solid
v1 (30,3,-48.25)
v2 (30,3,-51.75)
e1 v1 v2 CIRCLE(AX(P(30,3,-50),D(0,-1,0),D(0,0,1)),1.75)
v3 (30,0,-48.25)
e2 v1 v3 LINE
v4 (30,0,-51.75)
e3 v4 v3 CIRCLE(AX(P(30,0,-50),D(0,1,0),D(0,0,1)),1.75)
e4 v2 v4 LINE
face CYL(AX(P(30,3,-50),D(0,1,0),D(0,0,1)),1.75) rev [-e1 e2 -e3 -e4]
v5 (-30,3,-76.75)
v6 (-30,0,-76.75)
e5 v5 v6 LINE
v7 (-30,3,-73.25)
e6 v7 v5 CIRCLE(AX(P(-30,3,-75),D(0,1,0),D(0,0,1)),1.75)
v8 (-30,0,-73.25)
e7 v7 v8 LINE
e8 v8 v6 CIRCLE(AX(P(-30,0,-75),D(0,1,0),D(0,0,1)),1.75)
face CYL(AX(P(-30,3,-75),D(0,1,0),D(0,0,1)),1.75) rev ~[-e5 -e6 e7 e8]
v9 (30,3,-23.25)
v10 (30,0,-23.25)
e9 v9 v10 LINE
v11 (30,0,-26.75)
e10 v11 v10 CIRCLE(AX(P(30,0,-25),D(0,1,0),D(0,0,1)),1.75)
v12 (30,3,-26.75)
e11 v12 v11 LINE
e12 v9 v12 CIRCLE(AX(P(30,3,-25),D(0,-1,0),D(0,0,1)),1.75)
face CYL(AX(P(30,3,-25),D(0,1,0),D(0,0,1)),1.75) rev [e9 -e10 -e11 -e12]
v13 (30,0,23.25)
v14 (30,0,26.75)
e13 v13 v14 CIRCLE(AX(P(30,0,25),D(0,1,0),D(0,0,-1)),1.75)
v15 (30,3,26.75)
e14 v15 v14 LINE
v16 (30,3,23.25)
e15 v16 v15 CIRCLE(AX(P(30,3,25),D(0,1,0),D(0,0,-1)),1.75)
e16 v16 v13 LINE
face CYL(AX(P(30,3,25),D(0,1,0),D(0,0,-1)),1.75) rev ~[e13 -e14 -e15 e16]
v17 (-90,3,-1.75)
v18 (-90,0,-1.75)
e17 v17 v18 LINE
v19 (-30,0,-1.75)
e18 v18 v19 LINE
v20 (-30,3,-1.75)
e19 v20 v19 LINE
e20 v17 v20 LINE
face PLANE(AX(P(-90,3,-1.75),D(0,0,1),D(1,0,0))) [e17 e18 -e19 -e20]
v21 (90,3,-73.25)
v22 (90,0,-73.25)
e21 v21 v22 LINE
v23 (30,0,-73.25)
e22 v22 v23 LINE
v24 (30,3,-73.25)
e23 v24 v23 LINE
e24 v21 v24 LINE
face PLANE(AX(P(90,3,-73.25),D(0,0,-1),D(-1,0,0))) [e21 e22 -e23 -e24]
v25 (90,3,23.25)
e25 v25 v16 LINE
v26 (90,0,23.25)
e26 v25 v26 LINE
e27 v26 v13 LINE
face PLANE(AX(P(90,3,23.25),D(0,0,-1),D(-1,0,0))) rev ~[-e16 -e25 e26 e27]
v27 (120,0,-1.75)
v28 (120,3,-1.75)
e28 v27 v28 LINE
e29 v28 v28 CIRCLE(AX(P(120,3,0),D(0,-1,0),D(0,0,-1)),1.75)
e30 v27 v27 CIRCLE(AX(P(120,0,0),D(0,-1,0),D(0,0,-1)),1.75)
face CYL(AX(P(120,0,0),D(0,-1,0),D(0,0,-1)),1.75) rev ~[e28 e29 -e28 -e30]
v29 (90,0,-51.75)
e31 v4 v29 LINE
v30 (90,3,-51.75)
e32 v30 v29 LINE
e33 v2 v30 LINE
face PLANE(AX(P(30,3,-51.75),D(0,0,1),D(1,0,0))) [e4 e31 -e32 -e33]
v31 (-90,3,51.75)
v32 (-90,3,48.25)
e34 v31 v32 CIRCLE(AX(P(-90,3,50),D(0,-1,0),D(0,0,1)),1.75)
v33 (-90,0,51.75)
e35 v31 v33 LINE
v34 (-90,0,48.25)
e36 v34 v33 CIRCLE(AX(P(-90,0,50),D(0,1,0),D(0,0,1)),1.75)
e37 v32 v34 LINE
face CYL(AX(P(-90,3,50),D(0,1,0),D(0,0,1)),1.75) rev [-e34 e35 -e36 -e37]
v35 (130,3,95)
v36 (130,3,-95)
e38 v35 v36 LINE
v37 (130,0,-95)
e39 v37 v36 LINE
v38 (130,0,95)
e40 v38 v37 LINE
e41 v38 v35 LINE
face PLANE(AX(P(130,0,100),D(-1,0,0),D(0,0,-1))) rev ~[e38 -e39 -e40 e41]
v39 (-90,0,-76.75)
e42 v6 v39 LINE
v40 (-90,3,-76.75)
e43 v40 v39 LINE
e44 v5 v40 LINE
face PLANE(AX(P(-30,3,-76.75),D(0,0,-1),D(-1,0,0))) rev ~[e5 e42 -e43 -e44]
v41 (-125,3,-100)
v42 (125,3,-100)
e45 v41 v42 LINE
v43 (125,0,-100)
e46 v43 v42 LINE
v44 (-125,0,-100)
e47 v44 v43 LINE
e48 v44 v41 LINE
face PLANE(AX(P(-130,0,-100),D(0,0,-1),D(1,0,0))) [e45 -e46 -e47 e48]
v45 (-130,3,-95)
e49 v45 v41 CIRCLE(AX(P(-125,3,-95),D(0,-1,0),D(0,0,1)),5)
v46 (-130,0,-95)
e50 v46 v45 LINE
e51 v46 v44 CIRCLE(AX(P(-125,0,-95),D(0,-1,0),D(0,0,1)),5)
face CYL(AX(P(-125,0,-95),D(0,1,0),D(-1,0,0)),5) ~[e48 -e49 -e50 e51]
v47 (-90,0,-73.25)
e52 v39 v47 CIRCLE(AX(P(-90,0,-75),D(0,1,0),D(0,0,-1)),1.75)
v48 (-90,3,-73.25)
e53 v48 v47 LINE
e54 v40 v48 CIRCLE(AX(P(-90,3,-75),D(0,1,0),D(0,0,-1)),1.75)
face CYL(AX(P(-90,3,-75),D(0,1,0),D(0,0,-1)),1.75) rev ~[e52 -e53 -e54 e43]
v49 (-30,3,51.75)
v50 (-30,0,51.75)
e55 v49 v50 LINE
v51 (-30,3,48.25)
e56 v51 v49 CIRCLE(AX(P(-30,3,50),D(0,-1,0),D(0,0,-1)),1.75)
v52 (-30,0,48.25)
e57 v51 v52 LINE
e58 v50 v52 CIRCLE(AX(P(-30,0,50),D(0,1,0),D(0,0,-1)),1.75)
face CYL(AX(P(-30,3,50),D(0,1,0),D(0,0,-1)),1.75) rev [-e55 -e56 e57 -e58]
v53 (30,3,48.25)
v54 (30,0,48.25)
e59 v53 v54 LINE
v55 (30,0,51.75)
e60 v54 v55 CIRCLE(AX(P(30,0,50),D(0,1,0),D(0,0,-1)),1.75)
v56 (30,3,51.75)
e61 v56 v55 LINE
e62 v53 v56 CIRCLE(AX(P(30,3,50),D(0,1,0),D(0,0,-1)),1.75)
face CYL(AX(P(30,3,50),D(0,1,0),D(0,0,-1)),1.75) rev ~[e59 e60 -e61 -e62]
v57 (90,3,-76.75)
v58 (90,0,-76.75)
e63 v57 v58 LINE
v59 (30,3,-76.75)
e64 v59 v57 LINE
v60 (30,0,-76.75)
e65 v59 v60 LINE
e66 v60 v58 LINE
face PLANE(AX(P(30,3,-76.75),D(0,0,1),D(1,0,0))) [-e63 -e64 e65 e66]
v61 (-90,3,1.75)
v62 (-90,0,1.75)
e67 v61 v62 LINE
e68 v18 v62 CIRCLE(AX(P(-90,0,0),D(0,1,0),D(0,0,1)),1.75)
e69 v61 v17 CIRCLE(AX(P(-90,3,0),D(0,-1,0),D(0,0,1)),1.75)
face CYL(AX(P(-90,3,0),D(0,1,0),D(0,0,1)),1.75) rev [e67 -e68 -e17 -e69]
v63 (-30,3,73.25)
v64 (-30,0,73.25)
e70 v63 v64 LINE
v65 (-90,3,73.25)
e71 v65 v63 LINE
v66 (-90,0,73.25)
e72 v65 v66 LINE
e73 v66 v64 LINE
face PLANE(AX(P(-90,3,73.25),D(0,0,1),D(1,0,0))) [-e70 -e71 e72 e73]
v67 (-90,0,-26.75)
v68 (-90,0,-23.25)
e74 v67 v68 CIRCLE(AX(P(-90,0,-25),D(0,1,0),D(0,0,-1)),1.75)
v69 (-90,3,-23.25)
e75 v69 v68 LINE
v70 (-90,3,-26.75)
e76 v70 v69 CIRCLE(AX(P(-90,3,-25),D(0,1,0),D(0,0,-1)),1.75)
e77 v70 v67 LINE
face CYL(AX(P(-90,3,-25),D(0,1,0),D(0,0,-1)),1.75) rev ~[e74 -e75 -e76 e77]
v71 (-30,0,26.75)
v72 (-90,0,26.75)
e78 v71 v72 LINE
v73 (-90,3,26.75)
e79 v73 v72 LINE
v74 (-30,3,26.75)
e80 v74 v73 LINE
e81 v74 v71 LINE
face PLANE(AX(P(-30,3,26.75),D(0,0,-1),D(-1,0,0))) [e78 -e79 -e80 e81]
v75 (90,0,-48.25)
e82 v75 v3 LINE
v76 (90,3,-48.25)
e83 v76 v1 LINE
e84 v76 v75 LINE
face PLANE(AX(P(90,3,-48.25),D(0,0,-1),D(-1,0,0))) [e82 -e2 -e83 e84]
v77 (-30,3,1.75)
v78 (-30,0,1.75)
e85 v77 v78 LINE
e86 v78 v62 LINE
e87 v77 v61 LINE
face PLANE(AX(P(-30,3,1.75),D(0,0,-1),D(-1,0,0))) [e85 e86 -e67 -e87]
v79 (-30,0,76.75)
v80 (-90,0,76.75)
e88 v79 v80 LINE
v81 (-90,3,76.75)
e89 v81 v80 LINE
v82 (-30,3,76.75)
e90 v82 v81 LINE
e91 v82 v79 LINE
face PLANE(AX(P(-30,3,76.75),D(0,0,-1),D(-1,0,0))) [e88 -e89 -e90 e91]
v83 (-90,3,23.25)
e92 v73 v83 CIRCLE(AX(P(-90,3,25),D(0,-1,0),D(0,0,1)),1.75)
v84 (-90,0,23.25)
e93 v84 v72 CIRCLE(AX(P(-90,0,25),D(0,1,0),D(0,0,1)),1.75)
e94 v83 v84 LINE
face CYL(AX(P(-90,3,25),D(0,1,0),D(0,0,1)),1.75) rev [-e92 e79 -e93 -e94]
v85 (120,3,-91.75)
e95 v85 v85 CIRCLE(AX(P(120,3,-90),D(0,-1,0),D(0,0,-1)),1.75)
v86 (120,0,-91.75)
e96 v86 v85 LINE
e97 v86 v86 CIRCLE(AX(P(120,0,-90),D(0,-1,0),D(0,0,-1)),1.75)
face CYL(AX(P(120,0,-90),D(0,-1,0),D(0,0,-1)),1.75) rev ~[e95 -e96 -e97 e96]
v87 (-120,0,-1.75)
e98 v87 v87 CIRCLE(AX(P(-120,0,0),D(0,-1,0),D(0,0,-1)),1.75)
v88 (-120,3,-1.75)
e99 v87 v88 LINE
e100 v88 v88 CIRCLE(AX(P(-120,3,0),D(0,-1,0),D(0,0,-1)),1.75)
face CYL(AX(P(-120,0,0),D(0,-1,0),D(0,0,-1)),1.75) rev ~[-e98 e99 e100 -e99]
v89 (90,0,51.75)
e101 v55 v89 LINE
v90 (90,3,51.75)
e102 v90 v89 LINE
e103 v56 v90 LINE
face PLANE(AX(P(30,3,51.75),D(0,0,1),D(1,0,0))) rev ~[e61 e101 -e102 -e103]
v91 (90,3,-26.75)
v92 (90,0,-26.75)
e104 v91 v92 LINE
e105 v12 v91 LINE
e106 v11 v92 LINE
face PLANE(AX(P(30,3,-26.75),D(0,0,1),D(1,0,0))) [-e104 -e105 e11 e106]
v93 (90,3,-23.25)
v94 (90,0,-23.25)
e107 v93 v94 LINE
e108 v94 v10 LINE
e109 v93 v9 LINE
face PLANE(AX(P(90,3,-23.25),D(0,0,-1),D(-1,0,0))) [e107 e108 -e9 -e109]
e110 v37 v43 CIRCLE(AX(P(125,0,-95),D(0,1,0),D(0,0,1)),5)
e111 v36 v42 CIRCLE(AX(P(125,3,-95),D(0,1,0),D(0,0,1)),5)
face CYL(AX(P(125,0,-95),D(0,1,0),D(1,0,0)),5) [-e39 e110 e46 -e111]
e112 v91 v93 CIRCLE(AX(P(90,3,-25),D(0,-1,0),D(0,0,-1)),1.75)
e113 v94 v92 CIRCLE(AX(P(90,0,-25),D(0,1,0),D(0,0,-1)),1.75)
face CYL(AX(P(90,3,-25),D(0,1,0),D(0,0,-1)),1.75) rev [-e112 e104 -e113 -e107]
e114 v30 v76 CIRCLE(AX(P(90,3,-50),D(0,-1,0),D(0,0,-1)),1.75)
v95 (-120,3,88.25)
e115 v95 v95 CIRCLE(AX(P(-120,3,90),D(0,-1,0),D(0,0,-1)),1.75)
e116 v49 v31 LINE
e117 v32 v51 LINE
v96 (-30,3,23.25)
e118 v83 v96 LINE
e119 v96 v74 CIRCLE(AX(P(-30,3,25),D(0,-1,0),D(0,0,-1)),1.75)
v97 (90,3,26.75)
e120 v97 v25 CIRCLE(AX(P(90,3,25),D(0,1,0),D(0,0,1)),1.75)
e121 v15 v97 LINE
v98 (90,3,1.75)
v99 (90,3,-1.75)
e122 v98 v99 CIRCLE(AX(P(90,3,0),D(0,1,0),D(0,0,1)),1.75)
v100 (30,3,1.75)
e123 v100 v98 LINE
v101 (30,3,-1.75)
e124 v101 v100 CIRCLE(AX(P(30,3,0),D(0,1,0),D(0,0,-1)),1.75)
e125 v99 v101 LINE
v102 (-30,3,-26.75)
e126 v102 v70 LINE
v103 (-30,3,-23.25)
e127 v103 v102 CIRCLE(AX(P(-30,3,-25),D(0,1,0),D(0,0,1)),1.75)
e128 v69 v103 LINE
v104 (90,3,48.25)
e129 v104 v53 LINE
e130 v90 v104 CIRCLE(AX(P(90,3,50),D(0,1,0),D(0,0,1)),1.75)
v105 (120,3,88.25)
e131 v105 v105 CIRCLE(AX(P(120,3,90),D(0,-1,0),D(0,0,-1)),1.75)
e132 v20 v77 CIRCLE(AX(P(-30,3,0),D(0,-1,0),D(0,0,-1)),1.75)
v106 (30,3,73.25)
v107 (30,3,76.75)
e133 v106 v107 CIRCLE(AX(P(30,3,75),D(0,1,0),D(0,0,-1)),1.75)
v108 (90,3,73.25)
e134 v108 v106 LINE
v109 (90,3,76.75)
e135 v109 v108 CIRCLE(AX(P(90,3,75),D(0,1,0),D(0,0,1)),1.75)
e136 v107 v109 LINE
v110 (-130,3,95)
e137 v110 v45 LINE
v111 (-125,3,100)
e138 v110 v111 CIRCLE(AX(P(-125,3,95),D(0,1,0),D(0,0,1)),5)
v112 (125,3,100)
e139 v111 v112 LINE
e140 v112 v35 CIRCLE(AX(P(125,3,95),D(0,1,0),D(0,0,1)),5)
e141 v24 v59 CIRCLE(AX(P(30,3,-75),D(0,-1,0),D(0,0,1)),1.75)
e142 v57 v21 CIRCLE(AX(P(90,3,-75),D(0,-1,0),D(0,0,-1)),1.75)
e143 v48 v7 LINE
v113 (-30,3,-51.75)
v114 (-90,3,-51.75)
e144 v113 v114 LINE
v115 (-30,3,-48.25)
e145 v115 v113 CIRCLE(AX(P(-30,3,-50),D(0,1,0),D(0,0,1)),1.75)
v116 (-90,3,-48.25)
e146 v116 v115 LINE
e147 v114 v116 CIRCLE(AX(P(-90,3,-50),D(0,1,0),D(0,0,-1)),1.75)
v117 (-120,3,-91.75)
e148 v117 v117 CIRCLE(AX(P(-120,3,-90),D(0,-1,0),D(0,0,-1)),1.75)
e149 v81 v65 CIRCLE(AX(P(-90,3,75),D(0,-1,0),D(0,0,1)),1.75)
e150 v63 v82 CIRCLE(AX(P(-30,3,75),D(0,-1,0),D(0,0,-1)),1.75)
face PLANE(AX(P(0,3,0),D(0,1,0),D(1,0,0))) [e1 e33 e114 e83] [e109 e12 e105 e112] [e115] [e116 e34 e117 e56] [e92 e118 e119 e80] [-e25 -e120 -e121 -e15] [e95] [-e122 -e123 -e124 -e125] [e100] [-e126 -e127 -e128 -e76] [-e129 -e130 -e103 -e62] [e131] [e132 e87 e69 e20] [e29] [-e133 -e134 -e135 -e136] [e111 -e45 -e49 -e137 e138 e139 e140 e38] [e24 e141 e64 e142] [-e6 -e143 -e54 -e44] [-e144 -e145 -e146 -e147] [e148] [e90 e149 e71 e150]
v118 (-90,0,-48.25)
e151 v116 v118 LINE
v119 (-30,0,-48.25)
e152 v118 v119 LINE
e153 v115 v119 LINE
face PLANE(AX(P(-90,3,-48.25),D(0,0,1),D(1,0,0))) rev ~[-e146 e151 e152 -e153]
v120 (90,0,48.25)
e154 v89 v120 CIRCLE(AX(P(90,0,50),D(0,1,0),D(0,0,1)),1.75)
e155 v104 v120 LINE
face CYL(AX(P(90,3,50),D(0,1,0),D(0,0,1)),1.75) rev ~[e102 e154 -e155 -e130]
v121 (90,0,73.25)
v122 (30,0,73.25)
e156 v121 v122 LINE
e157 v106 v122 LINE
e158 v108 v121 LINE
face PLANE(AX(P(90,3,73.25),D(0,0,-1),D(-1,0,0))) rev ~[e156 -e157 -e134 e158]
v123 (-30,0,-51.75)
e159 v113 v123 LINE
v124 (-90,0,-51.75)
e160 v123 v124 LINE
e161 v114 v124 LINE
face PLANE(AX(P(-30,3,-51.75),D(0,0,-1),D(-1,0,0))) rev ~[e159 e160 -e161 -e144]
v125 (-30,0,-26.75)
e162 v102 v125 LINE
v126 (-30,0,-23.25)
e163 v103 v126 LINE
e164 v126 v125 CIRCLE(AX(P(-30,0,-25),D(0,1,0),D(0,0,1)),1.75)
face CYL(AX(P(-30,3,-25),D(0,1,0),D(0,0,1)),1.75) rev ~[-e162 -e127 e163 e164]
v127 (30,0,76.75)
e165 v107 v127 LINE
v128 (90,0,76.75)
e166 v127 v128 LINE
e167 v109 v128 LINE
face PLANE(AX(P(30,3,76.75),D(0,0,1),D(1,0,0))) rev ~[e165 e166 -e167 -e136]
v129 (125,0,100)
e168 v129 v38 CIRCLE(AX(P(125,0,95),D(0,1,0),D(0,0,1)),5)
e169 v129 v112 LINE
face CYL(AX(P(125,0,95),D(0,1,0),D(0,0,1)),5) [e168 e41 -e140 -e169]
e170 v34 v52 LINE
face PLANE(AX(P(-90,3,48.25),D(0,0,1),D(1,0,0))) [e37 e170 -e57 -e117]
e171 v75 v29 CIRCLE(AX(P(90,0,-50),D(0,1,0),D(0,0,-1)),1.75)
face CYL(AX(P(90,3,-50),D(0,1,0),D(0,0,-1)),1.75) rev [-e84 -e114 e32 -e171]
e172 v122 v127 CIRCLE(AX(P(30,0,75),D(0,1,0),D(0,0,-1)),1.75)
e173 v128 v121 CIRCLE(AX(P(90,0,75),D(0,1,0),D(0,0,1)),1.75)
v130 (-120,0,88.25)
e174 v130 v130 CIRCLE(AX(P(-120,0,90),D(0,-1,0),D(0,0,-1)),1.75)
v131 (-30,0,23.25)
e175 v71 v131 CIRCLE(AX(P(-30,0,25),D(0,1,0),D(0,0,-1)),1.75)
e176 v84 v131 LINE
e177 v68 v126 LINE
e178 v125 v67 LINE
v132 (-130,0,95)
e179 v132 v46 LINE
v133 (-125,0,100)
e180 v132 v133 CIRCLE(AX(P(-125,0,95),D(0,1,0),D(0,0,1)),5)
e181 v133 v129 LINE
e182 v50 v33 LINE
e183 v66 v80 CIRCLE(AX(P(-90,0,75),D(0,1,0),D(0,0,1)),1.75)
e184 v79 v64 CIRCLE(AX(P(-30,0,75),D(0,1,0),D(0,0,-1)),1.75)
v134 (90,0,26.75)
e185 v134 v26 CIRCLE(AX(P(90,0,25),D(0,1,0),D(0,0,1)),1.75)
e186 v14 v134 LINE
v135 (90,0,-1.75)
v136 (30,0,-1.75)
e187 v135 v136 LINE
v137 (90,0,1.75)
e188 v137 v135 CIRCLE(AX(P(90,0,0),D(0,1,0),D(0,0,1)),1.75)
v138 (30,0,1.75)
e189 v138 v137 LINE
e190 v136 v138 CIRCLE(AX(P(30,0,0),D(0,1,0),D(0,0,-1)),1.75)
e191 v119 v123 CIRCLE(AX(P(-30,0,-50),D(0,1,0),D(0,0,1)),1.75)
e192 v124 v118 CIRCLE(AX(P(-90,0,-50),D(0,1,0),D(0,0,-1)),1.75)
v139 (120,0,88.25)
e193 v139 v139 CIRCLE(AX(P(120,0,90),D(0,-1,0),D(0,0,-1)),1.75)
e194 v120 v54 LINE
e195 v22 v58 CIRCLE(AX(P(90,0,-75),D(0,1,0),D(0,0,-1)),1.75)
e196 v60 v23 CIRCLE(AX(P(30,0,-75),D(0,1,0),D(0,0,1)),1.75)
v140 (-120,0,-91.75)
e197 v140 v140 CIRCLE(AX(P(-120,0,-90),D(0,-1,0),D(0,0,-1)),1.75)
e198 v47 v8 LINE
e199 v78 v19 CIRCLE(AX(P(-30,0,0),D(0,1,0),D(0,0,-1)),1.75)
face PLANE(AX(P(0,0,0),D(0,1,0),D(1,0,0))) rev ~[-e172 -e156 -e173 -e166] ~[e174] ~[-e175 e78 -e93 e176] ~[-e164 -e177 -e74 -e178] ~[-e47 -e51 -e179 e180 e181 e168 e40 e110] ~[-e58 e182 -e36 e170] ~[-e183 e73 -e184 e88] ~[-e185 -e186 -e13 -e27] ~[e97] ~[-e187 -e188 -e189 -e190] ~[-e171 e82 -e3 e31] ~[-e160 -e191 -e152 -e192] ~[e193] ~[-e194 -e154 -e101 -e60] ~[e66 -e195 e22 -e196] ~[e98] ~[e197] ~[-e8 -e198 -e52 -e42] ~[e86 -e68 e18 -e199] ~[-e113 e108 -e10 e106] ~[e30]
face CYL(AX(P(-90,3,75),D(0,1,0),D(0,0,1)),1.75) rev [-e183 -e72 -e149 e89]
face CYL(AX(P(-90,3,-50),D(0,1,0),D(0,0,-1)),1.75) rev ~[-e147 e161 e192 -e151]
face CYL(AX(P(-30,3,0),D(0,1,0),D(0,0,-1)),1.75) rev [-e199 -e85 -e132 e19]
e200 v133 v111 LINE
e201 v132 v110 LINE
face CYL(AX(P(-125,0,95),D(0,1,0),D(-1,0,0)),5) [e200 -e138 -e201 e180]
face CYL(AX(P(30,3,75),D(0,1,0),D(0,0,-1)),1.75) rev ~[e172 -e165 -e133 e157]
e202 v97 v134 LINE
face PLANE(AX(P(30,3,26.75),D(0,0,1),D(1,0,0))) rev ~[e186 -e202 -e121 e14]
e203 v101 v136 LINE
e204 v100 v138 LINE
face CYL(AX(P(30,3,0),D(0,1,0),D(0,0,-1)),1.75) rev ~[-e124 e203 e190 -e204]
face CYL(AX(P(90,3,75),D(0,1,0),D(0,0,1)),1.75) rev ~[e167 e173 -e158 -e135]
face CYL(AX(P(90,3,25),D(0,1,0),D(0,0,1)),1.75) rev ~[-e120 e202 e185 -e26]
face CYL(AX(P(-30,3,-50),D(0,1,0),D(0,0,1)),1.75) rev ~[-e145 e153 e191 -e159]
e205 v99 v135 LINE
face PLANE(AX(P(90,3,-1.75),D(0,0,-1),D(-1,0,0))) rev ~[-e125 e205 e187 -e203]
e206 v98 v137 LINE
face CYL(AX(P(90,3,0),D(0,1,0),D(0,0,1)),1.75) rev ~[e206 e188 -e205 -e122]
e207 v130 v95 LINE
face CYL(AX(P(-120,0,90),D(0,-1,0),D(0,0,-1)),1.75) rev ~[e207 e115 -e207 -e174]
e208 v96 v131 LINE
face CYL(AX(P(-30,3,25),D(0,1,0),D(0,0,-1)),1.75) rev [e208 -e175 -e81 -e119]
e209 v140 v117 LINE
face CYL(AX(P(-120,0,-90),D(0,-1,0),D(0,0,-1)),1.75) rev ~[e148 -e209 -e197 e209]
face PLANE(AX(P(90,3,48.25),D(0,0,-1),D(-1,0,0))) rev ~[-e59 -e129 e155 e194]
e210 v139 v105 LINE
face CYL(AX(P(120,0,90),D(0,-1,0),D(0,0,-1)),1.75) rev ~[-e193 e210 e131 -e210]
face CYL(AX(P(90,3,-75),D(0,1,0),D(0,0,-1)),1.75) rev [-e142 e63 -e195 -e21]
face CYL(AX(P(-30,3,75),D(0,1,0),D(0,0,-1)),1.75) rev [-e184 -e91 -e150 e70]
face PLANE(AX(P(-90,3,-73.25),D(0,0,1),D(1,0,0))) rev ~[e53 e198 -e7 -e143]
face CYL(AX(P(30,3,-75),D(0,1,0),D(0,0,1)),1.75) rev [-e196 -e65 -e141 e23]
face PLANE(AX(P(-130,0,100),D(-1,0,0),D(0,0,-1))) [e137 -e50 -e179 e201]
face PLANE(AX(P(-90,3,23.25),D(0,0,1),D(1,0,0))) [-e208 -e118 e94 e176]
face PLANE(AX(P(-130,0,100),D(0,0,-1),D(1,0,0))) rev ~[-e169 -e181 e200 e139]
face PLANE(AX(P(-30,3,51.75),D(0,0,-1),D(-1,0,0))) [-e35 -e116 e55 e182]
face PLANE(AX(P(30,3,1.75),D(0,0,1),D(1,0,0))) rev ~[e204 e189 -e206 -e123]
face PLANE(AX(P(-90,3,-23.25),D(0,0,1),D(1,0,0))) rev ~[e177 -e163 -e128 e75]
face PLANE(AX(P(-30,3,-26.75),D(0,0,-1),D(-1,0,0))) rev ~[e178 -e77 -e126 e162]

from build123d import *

# Parameters (mm, degrees)
SKETCH_1_W          = 260
SKETCH_1_H          = 200
EXTRUDE_1_DEPTH     = 3
FILLET_1_R          = 5
SKETCH_2_R          = 1.75
CUT_EXTRUDE_1_DEPTH = 10
CUT_EXTRUDE_2_DEPTH = 10


with BuildPart() as part:
    # 草图1 → 凸台-拉伸1 (new body)
    with BuildSketch(Plane(origin=(0, 0, 0), x_dir=(1, 0, 0), z_dir=(0, 1, 0))):
        Rectangle(SKETCH_1_W, SKETCH_1_H)
    extrude(amount=EXTRUDE_1_DEPTH)

    # 圆角1
    fillet_1_edges = [part.edges().sort_by_distance(p)[0] for p in [
        (130, 1.5, 100),
        (-130, 1.5, 100),
        (-130, 1.5, -100),
        (130, 1.5, -100),
    ]]
    fillet(fillet_1_edges, radius=FILLET_1_R)

    # 草图2 → 切除-拉伸1 (cut)
    with BuildSketch(Plane.XZ):
        with Locations(Location((120, 90, 0), (0, 0, 270))):
            Circle(SKETCH_2_R)
        with Locations(Location((120, -90, 0), (0, 0, 270))):
            Circle(SKETCH_2_R)
        with Locations(Location((-120, -90, 0), (0, 0, 270))):
            Circle(SKETCH_2_R)
        with Locations(Location((-120, 90, 0), (0, 0, 270))):
            Circle(SKETCH_2_R)
        with Locations(Location((-120, 0, 0), (0, 0, 270))):
            Circle(SKETCH_2_R)
        with Locations(Location((120, 0, 0), (0, 0, 270))):
            Circle(SKETCH_2_R)
    extrude(amount=-CUT_EXTRUDE_1_DEPTH, mode=Mode.SUBTRACT)

    # 草图3 → 切除-拉伸2 (cut)
    with BuildSketch(Plane(origin=(0, 3, 0), x_dir=(1, 0, 0), z_dir=(0, 1, 0))):
        with BuildLine():
            Line((-90, -73.25), (-30, -73.25))
            ThreePointArc((-30, -73.25), (-28.25, -75), (-30, -76.75))
            Line((-30, -76.75), (-90, -76.75))
            ThreePointArc((-90, -76.75), (-91.75, -75), (-90, -73.25))
        make_face()
        with BuildLine():
            Line((-90, -48.25), (-30, -48.25))
            ThreePointArc((-30, -48.25), (-28.25, -50), (-30, -51.75))
            Line((-30, -51.75), (-90, -51.75))
            ThreePointArc((-90, -51.75), (-91.75, -50), (-90, -48.25))
        make_face()
        with BuildLine():
            Line((-90, -23.25), (-30, -23.25))
            ThreePointArc((-30, -23.25), (-28.25, -25), (-30, -26.75))
            Line((-30, -26.75), (-90, -26.75))
            ThreePointArc((-90, -26.75), (-91.75, -25), (-90, -23.25))
        make_face()
        with BuildLine():
            Line((-90, 1.75), (-30, 1.75))
            ThreePointArc((-30, 1.75), (-28.25, 0), (-30, -1.75))
            Line((-30, -1.75), (-90, -1.75))
            ThreePointArc((-90, -1.75), (-91.75, 0), (-90, 1.75))
        make_face()
        with BuildLine():
            Line((-90, 23.25), (-30, 23.25))
            ThreePointArc((-30, 23.25), (-28.25, 25), (-30, 26.75))
            Line((-30, 26.75), (-90, 26.75))
            ThreePointArc((-90, 26.75), (-91.75, 25), (-90, 23.25))
        make_face()
        with BuildLine():
            Line((-90, 48.25), (-30, 48.25))
            ThreePointArc((-30, 48.25), (-28.25, 50), (-30, 51.75))
            Line((-30, 51.75), (-90, 51.75))
            ThreePointArc((-90, 51.75), (-91.75, 50), (-90, 48.25))
        make_face()
        with BuildLine():
            Line((-90, 73.25), (-30, 73.25))
            ThreePointArc((-30, 73.25), (-28.25, 75), (-30, 76.75))
            Line((-30, 76.75), (-90, 76.75))
            ThreePointArc((-90, 76.75), (-91.75, 75), (-90, 73.25))
        make_face()
        with BuildLine():
            Line((90, 73.25), (30, 73.25))
            ThreePointArc((30, 73.25), (28.25, 75), (30, 76.75))
            Line((30, 76.75), (90, 76.75))
            ThreePointArc((90, 76.75), (91.75, 75), (90, 73.25))
        make_face()
        with BuildLine():
            Line((90, 48.25), (30, 48.25))
            ThreePointArc((30, 48.25), (28.25, 50), (30, 51.75))
            Line((30, 51.75), (90, 51.75))
            ThreePointArc((90, 51.75), (91.75, 50), (90, 48.25))
        make_face()
        with BuildLine():
            Line((90, 23.25), (30, 23.25))
            ThreePointArc((30, 23.25), (28.25, 25), (30, 26.75))
            Line((30, 26.75), (90, 26.75))
            ThreePointArc((90, 26.75), (91.75, 25), (90, 23.25))
        make_face()
        with BuildLine():
            Line((90, 1.75), (30, 1.75))
            ThreePointArc((30, 1.75), (28.25, 0), (30, -1.75))
            Line((30, -1.75), (90, -1.75))
            ThreePointArc((90, -1.75), (91.75, 0), (90, 1.75))
        make_face()
        with BuildLine():
            Line((90, -23.25), (30, -23.25))
            ThreePointArc((30, -23.25), (28.25, -25), (30, -26.75))
            Line((30, -26.75), (90, -26.75))
            ThreePointArc((90, -26.75), (91.75, -25), (90, -23.25))
        make_face()
        with BuildLine():
            Line((90, -48.25), (30, -48.25))
            ThreePointArc((30, -48.25), (28.25, -50), (30, -51.75))
            Line((30, -51.75), (90, -51.75))
            ThreePointArc((90, -51.75), (91.75, -50), (90, -48.25))
        make_face()
        with BuildLine():
            Line((90, -73.25), (30, -73.25))
            ThreePointArc((30, -73.25), (28.25, -75), (30, -76.75))
            Line((30, -76.75), (90, -76.75))
            ThreePointArc((90, -76.75), (91.75, -75), (90, -73.25))
        make_face()
    extrude(amount=-CUT_EXTRUDE_2_DEPTH, mode=Mode.SUBTRACT)


solid = part.part
